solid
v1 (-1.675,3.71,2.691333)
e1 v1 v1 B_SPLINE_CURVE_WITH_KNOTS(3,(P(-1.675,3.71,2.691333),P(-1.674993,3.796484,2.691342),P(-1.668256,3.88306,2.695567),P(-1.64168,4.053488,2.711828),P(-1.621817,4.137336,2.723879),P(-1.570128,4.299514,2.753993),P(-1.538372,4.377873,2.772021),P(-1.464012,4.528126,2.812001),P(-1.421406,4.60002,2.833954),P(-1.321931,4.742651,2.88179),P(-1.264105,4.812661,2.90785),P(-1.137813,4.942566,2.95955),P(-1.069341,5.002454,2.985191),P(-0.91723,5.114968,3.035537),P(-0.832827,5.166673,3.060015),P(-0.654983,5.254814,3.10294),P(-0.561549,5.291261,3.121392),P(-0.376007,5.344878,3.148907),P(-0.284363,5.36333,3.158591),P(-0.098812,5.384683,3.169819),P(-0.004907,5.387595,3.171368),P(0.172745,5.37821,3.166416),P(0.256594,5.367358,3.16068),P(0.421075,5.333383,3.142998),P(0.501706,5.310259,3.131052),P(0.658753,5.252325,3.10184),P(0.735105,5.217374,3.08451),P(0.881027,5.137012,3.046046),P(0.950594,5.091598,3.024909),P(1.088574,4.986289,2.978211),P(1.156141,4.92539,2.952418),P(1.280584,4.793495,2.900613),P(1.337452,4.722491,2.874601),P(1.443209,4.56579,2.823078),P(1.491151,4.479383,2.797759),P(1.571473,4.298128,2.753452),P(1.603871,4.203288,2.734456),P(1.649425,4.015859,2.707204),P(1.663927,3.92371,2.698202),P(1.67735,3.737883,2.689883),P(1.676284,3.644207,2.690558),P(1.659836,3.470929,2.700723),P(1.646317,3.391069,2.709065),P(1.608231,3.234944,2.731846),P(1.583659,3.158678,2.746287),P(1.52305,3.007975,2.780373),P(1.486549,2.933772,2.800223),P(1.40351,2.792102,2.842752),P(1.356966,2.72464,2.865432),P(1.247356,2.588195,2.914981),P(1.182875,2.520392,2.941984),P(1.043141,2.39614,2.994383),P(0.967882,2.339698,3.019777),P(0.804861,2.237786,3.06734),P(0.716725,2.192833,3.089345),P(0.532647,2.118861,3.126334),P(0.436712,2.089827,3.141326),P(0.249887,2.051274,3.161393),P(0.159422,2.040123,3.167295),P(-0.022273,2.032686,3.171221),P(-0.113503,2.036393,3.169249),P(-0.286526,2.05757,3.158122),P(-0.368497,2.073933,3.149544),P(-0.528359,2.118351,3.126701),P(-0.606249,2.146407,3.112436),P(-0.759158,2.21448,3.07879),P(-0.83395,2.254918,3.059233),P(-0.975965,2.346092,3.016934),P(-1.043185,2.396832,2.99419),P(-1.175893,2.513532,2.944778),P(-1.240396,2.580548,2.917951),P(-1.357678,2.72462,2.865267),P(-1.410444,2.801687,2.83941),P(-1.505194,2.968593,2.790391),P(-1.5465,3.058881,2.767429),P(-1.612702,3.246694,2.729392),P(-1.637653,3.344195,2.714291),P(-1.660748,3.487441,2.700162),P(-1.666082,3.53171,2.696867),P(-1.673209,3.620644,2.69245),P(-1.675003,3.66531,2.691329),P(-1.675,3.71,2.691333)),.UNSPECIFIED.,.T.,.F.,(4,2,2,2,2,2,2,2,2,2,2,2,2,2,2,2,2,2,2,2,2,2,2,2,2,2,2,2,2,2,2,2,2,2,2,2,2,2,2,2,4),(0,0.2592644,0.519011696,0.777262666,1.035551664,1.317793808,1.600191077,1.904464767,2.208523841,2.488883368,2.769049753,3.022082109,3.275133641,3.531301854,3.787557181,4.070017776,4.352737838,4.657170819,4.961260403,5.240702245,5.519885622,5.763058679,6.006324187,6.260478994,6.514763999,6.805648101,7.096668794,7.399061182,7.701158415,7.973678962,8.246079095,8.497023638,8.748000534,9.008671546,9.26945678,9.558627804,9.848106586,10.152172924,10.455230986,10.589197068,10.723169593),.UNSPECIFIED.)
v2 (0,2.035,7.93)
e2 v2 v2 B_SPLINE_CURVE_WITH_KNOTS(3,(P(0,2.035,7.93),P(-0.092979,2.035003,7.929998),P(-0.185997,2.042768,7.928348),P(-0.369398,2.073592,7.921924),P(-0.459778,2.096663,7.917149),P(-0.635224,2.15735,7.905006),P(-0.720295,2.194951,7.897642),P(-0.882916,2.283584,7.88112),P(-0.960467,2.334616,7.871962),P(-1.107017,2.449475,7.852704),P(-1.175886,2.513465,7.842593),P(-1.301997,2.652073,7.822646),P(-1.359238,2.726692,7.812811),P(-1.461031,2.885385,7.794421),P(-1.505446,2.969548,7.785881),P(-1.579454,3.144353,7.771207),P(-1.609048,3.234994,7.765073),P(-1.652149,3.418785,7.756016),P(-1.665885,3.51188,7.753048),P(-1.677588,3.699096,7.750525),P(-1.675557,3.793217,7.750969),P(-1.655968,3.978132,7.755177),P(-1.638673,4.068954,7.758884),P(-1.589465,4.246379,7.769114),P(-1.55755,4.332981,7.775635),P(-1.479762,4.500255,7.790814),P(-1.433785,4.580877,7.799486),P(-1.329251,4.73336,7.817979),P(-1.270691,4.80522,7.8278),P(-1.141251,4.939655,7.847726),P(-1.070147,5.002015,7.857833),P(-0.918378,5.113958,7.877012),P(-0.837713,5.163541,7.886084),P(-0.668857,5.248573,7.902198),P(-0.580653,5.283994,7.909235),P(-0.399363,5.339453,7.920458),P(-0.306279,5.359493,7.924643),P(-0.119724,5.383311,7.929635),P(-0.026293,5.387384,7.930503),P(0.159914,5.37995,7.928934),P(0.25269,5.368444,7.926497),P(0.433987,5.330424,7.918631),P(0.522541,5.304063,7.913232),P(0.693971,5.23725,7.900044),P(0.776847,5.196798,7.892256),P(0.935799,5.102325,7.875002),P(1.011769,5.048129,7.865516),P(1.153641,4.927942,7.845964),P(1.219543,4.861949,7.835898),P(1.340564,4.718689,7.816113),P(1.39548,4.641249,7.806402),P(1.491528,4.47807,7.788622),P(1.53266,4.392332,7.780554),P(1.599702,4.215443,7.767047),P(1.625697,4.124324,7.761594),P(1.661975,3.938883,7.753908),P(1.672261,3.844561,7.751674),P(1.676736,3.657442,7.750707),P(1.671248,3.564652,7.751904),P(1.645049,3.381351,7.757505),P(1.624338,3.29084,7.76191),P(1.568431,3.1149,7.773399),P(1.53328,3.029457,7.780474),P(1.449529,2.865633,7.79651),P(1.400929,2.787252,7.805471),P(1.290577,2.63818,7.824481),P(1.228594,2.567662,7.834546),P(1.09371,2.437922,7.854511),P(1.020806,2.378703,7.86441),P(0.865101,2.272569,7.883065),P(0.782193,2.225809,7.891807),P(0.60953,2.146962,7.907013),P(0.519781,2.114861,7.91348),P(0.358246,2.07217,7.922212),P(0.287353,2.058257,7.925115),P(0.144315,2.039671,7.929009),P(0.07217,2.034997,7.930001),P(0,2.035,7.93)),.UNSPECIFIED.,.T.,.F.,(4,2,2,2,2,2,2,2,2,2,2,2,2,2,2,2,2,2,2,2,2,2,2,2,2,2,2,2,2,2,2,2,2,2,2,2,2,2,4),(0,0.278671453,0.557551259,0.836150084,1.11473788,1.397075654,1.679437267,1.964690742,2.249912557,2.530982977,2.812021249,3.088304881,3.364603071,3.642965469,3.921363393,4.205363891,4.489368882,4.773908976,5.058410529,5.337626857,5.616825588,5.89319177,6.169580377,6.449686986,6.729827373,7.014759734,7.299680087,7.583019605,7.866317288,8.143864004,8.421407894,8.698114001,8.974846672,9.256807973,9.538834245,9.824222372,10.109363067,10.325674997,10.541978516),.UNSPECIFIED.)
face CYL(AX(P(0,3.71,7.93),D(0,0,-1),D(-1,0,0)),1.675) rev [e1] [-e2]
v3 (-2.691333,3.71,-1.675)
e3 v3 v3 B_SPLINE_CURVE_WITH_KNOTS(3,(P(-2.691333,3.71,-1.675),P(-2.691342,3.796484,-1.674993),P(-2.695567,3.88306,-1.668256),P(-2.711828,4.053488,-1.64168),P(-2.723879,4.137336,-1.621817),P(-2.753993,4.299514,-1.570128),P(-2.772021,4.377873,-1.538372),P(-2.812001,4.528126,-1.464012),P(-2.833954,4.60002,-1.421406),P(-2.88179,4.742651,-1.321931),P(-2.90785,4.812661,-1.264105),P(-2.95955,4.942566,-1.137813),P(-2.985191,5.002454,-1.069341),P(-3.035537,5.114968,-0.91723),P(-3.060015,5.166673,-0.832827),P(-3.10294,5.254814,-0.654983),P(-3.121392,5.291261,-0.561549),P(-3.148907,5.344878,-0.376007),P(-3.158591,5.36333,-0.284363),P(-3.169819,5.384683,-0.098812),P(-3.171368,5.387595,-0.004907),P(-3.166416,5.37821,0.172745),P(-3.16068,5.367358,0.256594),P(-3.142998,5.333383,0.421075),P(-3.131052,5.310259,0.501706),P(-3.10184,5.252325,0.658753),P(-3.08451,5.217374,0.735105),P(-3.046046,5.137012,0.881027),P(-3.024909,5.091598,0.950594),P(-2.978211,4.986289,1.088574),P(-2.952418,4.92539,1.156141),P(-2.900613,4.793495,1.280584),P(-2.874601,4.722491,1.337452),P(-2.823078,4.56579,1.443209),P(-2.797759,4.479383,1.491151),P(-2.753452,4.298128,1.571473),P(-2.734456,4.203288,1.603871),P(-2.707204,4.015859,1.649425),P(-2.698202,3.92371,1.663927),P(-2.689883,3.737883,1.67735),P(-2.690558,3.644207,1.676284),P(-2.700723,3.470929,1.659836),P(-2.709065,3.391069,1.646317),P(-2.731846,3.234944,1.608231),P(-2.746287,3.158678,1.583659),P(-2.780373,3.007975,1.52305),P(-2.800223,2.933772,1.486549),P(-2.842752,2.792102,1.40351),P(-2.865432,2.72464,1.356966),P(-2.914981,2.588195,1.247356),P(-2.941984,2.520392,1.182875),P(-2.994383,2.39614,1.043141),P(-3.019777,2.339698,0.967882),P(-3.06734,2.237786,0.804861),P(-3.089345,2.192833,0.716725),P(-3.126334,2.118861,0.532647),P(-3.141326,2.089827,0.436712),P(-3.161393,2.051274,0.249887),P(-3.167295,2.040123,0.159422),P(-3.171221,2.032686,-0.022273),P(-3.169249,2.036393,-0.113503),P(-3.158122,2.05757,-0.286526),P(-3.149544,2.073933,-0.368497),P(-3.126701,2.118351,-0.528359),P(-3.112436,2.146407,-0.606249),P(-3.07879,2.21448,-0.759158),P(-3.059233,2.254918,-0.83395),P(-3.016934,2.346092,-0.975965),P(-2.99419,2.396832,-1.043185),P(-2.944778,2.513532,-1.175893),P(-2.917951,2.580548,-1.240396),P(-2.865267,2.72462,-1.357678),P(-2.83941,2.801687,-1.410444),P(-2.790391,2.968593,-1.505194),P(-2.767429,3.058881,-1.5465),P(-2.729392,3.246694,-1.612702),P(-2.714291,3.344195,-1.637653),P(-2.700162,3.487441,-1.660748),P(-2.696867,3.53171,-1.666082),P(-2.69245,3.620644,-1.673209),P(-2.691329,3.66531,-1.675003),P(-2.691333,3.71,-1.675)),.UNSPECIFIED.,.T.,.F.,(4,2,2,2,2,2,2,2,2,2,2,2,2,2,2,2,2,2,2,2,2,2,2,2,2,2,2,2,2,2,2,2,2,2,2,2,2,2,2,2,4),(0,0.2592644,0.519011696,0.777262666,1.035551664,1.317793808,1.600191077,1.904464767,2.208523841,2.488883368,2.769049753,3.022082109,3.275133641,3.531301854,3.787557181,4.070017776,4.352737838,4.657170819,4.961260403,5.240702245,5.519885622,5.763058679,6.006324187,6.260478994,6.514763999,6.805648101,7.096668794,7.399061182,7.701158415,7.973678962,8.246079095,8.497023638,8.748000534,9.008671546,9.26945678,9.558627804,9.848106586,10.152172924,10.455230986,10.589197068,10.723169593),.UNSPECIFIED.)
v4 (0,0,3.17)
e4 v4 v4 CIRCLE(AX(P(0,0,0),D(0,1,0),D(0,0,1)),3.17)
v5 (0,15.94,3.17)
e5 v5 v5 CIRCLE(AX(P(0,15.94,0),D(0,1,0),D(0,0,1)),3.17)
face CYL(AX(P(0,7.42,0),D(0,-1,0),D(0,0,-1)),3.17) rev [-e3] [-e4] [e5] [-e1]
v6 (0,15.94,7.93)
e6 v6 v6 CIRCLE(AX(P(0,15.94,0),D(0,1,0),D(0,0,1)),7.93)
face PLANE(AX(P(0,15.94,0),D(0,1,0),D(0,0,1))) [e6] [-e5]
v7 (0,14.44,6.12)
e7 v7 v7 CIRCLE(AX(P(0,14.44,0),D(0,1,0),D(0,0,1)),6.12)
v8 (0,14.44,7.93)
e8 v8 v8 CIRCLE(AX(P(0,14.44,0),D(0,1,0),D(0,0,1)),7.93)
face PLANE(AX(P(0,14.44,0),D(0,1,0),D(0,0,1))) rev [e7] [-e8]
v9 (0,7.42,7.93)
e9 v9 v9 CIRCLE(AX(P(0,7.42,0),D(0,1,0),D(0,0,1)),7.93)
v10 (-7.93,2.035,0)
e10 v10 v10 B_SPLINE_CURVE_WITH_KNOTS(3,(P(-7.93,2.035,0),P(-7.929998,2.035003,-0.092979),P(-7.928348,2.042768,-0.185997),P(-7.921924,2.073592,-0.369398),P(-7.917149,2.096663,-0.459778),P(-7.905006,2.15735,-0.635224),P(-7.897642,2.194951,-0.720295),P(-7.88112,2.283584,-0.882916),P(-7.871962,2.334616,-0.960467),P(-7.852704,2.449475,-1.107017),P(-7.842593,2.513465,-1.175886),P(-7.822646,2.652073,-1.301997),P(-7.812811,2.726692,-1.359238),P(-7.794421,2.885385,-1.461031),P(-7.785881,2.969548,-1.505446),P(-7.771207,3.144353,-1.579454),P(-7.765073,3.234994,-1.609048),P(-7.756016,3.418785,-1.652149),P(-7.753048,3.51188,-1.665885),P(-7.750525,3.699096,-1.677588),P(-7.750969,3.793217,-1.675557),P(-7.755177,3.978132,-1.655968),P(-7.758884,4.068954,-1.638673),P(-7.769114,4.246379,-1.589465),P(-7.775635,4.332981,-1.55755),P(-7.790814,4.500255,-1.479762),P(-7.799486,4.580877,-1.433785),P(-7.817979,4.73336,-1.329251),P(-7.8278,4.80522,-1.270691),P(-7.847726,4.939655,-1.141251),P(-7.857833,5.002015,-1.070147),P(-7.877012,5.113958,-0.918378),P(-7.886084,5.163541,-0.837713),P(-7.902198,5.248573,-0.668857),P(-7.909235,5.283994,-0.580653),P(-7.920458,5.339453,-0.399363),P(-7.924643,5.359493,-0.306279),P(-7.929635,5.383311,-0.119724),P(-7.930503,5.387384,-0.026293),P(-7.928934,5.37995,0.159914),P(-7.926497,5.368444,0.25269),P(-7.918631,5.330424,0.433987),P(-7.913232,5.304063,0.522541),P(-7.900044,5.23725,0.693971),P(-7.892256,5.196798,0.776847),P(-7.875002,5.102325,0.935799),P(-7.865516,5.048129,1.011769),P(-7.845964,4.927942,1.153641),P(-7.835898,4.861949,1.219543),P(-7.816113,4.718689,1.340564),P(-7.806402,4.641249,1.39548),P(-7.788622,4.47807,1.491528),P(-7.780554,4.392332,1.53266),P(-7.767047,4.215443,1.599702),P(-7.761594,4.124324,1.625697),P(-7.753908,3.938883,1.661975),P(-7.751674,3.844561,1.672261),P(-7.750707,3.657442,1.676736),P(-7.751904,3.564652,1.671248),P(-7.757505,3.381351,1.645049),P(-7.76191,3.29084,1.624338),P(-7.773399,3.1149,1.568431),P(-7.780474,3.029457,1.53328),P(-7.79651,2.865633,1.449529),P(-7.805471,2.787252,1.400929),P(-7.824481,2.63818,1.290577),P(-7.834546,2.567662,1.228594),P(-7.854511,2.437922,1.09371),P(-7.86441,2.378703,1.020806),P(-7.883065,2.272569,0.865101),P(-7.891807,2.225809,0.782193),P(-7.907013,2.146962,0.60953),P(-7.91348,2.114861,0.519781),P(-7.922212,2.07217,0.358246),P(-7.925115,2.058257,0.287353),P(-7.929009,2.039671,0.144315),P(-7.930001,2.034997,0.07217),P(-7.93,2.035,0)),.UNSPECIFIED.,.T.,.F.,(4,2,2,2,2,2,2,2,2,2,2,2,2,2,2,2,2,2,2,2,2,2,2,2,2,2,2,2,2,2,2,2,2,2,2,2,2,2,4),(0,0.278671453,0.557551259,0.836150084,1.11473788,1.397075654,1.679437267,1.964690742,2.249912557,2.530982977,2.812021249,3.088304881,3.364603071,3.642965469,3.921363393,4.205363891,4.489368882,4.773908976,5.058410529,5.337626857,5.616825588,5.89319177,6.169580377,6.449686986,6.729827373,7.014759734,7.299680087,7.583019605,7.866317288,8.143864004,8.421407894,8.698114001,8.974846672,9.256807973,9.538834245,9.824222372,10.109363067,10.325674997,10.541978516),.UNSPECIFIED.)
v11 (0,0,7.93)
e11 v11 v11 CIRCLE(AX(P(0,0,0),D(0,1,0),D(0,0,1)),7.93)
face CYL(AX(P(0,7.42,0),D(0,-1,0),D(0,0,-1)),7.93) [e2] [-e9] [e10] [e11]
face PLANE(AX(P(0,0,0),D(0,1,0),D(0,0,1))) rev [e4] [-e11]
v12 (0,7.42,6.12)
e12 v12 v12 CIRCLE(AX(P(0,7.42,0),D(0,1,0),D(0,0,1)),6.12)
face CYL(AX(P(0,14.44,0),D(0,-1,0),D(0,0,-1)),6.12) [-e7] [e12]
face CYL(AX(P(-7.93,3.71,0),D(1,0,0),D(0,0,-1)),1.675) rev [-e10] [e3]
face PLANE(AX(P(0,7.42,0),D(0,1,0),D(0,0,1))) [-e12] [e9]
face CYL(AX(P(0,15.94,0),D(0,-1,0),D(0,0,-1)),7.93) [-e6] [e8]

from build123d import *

# Parameters (mm, degrees)
SKETCH1_R           = 7.93
SKETCH1_R_2         = 3.17
BOSS_EXTRUDE1_DEPTH = 7.42
SKETCH2_R           = 6.12
SKETCH2_R_2         = 3.17
BOSS_EXTRUDE2_DEPTH = 7.02
SKETCH3_R           = 7.93
SKETCH3_R_2         = 3.17
BOSS_EXTRUDE3_DEPTH = 1.5
SKETCH4_R           = 1.675
CUT_EXTRUDE1_DEPTH  = 8.93
CIRPATTERN1_COUNT   = 2
CIRPATTERN1_ANGLE   = 90


with BuildPart() as part:
    # Sketch1 → Boss-Extrude1 (new body)
    with BuildSketch(Plane(origin=(0, 0, 0), x_dir=(1, 0, 0), z_dir=(0, 1, 0))):
        Circle(SKETCH1_R)
        Circle(SKETCH1_R_2, mode=Mode.SUBTRACT)
    extrude(amount=BOSS_EXTRUDE1_DEPTH)

    # Sketch2 → Boss-Extrude2 (add)
    with BuildSketch(Plane(origin=(0, 7.42, 0), x_dir=(1, 0, 0), z_dir=(0, 1, 0))):
        Circle(SKETCH2_R)
        Circle(SKETCH2_R_2, mode=Mode.SUBTRACT)
    extrude(amount=BOSS_EXTRUDE2_DEPTH)

    # Sketch3 → Boss-Extrude3 (add)
    with BuildSketch(Plane(origin=(0, 14.44, 0), x_dir=(1, 0, 0), z_dir=(0, 1, 0))):
        Circle(SKETCH3_R)
        Circle(SKETCH3_R_2, mode=Mode.SUBTRACT)
    extrude(amount=BOSS_EXTRUDE3_DEPTH)

    # Sketch4 → Cut-Extrude1 (cut, through all)
    with BuildSketch(Plane(origin=(0, 0, 0), x_dir=(0, 0, -1), z_dir=(1, 0, 0))):
        with Locations((0, 3.71)):
            Circle(SKETCH4_R)
    cut_extrude1 = extrude(amount=-CUT_EXTRUDE1_DEPTH, mode=Mode.SUBTRACT)

    # CirPattern1: Cut-Extrude1 ×2 about axis
    cirpattern1_axis = Axis((0, 7.42, 0), (0, 1, 0))
    for i in range(1, CIRPATTERN1_COUNT):
        add(cut_extrude1.rotate(cirpattern1_axis, i * CIRPATTERN1_ANGLE / (CIRPATTERN1_COUNT - 1)), mode=Mode.SUBTRACT)


solid = part.part
